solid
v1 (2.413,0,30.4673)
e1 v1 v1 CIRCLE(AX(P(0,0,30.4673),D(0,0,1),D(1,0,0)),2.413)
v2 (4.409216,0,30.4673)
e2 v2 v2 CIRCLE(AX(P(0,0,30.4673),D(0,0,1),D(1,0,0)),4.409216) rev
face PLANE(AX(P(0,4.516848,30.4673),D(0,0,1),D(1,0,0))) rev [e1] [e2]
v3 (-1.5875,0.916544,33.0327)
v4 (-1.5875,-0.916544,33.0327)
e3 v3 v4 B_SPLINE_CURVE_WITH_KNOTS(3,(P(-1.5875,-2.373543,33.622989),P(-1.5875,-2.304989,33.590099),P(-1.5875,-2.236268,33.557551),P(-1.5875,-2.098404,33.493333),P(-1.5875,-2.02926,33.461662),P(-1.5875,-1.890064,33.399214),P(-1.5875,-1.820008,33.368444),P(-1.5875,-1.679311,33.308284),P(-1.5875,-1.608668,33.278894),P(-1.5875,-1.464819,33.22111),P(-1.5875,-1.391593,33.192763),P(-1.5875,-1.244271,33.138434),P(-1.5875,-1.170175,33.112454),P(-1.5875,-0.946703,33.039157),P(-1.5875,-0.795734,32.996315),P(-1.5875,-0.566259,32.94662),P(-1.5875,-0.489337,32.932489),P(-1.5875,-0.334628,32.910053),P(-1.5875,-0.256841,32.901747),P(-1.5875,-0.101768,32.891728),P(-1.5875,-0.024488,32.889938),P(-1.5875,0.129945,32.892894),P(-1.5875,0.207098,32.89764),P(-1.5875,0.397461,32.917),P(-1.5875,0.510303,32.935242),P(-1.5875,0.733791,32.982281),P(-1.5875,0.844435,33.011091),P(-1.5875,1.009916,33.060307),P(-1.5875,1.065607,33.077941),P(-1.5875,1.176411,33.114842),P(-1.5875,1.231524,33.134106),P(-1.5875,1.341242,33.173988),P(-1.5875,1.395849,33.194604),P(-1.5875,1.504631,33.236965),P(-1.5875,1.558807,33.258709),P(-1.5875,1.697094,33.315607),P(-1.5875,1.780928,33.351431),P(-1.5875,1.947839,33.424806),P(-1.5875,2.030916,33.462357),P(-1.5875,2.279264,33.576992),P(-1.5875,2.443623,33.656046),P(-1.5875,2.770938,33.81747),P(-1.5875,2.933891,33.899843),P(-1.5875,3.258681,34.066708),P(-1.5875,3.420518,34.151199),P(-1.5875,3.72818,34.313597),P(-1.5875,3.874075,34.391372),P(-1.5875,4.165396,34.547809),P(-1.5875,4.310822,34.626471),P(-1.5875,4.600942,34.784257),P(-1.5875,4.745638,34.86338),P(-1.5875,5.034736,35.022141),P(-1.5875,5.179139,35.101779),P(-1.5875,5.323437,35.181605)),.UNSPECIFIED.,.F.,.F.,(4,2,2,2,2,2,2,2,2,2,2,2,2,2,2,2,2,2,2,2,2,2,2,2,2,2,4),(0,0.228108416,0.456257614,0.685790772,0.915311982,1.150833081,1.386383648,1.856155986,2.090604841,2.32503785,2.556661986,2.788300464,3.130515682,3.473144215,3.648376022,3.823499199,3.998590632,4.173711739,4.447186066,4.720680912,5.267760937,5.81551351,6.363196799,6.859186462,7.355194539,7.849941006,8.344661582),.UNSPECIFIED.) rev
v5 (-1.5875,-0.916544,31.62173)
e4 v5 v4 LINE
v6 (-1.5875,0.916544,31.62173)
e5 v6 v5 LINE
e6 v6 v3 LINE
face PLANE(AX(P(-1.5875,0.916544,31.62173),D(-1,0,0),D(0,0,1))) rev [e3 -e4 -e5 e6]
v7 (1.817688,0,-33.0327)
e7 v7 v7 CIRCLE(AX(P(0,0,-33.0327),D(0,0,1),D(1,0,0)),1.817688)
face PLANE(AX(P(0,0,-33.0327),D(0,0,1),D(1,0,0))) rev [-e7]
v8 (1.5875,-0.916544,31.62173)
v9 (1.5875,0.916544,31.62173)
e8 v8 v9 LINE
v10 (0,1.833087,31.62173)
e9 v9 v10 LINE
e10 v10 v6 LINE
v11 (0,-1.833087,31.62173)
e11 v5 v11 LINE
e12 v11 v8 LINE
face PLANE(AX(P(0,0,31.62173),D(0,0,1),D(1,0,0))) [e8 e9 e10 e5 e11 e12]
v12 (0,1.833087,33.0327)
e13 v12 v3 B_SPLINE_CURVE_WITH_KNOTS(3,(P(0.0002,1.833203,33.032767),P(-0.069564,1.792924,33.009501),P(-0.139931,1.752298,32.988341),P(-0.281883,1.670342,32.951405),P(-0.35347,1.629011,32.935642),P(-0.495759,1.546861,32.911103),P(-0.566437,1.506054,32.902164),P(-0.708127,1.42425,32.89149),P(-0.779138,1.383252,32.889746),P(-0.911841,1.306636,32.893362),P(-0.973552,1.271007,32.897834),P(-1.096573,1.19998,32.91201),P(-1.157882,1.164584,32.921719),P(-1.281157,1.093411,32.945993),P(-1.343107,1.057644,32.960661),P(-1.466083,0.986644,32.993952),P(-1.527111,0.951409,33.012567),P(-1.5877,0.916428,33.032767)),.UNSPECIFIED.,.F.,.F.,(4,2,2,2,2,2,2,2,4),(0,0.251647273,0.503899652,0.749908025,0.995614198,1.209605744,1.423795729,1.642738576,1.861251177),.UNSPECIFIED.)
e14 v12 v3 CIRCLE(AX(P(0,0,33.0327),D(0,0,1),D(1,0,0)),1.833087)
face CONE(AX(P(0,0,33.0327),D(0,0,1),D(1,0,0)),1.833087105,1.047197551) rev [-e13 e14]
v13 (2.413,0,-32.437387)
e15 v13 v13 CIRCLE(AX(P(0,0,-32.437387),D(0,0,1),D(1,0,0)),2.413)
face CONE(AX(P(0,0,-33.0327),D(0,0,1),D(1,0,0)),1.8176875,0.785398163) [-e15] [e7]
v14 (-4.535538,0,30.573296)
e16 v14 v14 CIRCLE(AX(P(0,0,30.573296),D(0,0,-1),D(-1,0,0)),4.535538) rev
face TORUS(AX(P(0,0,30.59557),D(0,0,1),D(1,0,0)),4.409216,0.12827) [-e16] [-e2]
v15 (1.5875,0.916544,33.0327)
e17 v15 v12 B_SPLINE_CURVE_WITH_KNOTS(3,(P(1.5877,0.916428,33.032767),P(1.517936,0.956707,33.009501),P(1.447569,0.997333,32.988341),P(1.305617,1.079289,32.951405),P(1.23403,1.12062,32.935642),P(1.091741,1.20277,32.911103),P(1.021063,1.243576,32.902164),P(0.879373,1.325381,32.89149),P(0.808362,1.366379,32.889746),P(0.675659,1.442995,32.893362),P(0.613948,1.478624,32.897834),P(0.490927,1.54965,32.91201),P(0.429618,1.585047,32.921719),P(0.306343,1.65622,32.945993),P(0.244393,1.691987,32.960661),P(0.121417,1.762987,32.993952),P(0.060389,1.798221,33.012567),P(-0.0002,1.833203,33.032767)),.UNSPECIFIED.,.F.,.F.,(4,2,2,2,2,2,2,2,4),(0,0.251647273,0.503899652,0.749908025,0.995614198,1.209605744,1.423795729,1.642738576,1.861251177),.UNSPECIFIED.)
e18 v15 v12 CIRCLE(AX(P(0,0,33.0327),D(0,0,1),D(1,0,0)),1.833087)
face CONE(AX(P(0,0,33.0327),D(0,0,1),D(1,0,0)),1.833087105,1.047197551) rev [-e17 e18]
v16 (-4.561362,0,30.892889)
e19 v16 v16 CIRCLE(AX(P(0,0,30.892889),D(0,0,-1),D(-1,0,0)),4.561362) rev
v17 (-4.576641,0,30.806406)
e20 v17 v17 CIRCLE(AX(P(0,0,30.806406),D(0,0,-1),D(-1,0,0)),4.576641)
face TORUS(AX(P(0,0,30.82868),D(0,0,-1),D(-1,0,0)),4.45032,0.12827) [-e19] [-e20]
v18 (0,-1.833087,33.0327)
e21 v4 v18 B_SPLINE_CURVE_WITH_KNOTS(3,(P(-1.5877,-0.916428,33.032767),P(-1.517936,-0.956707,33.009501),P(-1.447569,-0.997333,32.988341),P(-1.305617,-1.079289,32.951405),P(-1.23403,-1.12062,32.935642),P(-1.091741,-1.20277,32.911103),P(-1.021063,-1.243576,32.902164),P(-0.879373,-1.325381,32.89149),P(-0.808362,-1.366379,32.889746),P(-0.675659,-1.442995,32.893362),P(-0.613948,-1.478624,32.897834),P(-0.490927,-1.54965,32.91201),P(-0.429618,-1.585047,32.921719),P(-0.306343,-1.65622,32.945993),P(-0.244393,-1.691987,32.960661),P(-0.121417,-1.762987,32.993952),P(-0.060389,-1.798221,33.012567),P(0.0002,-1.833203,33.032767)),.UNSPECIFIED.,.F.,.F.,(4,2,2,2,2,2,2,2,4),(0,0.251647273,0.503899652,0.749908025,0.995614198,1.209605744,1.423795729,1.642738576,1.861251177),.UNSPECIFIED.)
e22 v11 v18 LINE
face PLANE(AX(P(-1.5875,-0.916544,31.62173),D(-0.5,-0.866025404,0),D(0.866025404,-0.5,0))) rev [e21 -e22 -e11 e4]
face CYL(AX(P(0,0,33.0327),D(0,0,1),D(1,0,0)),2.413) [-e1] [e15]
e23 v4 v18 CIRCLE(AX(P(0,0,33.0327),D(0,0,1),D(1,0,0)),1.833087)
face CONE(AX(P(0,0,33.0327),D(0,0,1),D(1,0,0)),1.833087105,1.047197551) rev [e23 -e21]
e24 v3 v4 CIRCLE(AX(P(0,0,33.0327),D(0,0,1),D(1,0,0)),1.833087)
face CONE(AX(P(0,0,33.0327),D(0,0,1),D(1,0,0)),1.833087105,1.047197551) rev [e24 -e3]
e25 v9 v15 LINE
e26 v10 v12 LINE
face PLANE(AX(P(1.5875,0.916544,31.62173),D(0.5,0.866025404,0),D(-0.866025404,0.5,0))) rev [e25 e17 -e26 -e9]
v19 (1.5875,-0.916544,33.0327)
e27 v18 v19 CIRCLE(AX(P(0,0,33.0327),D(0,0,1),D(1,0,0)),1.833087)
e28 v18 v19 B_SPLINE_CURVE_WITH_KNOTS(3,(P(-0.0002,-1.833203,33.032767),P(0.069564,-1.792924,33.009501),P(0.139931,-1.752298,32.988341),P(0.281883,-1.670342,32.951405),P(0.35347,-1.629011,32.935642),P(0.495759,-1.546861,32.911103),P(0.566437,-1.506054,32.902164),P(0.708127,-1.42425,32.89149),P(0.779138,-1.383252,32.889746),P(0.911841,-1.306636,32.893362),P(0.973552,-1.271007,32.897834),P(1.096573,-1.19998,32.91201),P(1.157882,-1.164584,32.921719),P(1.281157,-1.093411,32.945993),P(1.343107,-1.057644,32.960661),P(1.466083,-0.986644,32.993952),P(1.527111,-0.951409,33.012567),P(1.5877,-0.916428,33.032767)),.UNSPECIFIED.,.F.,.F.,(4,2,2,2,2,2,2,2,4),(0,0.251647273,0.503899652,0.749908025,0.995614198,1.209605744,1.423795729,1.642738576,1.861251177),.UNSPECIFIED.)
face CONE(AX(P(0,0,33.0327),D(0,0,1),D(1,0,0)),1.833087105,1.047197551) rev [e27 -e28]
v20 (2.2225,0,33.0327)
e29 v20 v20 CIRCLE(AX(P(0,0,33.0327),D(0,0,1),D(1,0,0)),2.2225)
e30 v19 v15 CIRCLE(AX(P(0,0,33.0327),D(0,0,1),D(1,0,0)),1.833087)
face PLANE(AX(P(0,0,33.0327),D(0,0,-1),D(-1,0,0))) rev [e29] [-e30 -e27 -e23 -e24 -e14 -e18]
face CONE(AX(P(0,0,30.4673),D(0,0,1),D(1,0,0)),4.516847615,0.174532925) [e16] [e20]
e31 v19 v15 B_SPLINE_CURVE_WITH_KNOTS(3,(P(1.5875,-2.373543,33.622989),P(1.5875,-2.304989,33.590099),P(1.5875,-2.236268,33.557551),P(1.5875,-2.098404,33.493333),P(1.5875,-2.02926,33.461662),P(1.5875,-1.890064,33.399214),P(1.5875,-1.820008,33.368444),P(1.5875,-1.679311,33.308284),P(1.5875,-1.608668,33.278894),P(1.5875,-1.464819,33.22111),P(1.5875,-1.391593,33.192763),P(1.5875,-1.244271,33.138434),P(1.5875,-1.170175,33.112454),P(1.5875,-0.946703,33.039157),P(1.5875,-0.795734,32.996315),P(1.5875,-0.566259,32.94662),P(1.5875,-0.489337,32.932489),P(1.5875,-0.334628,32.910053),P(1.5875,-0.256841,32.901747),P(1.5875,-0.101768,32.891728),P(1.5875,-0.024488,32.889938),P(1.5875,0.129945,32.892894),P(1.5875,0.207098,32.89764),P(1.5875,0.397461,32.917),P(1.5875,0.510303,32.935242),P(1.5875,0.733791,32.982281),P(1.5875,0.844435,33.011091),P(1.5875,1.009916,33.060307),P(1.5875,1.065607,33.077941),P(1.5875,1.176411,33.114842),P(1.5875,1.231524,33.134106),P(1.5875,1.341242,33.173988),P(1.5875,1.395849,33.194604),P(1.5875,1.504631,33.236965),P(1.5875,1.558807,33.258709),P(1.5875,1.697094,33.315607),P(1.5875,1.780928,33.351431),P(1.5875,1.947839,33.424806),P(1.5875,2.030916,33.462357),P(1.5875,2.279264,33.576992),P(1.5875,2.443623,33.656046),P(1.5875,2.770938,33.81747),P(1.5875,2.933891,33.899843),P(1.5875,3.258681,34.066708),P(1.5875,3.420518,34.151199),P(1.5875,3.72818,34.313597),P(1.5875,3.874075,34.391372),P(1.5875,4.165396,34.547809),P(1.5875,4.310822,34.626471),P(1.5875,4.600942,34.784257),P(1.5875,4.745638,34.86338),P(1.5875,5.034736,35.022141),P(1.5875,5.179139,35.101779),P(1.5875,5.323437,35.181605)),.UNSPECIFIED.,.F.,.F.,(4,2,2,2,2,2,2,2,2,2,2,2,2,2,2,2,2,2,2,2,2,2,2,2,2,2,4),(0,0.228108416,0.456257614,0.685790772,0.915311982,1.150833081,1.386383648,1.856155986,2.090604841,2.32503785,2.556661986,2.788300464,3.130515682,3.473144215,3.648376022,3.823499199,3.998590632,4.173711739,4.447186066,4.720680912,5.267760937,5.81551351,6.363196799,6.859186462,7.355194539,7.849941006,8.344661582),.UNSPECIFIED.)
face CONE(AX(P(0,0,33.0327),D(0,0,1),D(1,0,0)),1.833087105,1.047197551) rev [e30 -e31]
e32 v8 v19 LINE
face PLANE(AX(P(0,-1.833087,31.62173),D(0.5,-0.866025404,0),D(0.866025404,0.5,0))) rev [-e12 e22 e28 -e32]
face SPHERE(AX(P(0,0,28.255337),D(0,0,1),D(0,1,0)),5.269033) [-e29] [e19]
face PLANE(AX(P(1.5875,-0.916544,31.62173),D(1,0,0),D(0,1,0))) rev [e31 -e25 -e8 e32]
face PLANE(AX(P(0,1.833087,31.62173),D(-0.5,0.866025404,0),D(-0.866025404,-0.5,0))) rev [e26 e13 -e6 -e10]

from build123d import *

# Parameters (mm, degrees)
CUT_EXTRUDE1_DEPTH = 1.41097
SKETCH5_R          = 1.833087105
CUT_EXTRUDE2_DEPTH = 1.41097
CUT_EXTRUDE2_DRAFT = -60
FILLET1_R          = 0.12827


with BuildPart() as part:
    # Sketch3 → Revolve1 (revolve)
    with BuildSketch(Plane(origin=(0, 0, 0), x_dir=(0, 0, -1), z_dir=(1, 0, 0))):
        with BuildLine():
            Line((-33.0327, 0), (-33.0327, 2.2225))
            ThreePointArc((-33.0327, 2.2225), (-32.12696038, 3.573966445), (-30.85211, 4.5847))
            Line((-30.85211, 4.5847), (-30.4673, 4.516847615))
            Line((-30.4673, 4.516847615), (-30.4673, 2.413))
            Line((-30.4673, 2.413), (32.4373875, 2.413))
            Line((32.4373875, 2.413), (33.0327, 1.8176875))
            Line((33.0327, 1.8176875), (33.0327, 0))
            Line((33.0327, 0), (-33.0327, 0))
        make_face()
    revolve(axis=Axis((0, 0, 33.0327), (0, 0, -1)))

    # Sketch4 → Cut-Extrude1 (cut)
    with BuildSketch(Plane.XY.offset(33.0327)):
        Polygon((-1.5875, -0.916543552), (0, -1.833087105), (1.5875, -0.916543552), (1.5875, 0.916543552), (0, 1.833087105), (-1.5875, 0.916543552), align=None)
    extrude(amount=-CUT_EXTRUDE1_DEPTH, mode=Mode.SUBTRACT)


with BuildPart() as cut_extrude2_tool:
    # Sketch5 → Cut-Extrude2 (with draft: the straight prism first)
    with BuildSketch(Plane.XY.offset(33.0327)):
        Circle(SKETCH5_R)
    extrude(amount=-CUT_EXTRUDE2_DEPTH)
    # Cut-Extrude2: the draft: its side faces are tilted about the plane it starts from
    cut_extrude2_sides = [cut_extrude2_tool.faces().sort_by_distance(p)[0] for p in [
        (-1.833087105, 0, 32.327215),
    ]]
    draft(cut_extrude2_sides, Plane.XY.offset(33.0327), CUT_EXTRUDE2_DRAFT)


with BuildPart() as part_1:
    add(part.part)

    # Cut-Extrude2: cut by cut_extrude2_tool
    add(cut_extrude2_tool.part, mode=Mode.SUBTRACT)

    # Fillet1
    fillet1_edges = [part_1.edges().sort_by_distance(p)[0] for p in [
        (0, -4.516847615, 30.4673),
        (0, -4.5847, 30.85211),
    ]]
    fillet(fillet1_edges, radius=FILLET1_R)


solid = part_1.part
